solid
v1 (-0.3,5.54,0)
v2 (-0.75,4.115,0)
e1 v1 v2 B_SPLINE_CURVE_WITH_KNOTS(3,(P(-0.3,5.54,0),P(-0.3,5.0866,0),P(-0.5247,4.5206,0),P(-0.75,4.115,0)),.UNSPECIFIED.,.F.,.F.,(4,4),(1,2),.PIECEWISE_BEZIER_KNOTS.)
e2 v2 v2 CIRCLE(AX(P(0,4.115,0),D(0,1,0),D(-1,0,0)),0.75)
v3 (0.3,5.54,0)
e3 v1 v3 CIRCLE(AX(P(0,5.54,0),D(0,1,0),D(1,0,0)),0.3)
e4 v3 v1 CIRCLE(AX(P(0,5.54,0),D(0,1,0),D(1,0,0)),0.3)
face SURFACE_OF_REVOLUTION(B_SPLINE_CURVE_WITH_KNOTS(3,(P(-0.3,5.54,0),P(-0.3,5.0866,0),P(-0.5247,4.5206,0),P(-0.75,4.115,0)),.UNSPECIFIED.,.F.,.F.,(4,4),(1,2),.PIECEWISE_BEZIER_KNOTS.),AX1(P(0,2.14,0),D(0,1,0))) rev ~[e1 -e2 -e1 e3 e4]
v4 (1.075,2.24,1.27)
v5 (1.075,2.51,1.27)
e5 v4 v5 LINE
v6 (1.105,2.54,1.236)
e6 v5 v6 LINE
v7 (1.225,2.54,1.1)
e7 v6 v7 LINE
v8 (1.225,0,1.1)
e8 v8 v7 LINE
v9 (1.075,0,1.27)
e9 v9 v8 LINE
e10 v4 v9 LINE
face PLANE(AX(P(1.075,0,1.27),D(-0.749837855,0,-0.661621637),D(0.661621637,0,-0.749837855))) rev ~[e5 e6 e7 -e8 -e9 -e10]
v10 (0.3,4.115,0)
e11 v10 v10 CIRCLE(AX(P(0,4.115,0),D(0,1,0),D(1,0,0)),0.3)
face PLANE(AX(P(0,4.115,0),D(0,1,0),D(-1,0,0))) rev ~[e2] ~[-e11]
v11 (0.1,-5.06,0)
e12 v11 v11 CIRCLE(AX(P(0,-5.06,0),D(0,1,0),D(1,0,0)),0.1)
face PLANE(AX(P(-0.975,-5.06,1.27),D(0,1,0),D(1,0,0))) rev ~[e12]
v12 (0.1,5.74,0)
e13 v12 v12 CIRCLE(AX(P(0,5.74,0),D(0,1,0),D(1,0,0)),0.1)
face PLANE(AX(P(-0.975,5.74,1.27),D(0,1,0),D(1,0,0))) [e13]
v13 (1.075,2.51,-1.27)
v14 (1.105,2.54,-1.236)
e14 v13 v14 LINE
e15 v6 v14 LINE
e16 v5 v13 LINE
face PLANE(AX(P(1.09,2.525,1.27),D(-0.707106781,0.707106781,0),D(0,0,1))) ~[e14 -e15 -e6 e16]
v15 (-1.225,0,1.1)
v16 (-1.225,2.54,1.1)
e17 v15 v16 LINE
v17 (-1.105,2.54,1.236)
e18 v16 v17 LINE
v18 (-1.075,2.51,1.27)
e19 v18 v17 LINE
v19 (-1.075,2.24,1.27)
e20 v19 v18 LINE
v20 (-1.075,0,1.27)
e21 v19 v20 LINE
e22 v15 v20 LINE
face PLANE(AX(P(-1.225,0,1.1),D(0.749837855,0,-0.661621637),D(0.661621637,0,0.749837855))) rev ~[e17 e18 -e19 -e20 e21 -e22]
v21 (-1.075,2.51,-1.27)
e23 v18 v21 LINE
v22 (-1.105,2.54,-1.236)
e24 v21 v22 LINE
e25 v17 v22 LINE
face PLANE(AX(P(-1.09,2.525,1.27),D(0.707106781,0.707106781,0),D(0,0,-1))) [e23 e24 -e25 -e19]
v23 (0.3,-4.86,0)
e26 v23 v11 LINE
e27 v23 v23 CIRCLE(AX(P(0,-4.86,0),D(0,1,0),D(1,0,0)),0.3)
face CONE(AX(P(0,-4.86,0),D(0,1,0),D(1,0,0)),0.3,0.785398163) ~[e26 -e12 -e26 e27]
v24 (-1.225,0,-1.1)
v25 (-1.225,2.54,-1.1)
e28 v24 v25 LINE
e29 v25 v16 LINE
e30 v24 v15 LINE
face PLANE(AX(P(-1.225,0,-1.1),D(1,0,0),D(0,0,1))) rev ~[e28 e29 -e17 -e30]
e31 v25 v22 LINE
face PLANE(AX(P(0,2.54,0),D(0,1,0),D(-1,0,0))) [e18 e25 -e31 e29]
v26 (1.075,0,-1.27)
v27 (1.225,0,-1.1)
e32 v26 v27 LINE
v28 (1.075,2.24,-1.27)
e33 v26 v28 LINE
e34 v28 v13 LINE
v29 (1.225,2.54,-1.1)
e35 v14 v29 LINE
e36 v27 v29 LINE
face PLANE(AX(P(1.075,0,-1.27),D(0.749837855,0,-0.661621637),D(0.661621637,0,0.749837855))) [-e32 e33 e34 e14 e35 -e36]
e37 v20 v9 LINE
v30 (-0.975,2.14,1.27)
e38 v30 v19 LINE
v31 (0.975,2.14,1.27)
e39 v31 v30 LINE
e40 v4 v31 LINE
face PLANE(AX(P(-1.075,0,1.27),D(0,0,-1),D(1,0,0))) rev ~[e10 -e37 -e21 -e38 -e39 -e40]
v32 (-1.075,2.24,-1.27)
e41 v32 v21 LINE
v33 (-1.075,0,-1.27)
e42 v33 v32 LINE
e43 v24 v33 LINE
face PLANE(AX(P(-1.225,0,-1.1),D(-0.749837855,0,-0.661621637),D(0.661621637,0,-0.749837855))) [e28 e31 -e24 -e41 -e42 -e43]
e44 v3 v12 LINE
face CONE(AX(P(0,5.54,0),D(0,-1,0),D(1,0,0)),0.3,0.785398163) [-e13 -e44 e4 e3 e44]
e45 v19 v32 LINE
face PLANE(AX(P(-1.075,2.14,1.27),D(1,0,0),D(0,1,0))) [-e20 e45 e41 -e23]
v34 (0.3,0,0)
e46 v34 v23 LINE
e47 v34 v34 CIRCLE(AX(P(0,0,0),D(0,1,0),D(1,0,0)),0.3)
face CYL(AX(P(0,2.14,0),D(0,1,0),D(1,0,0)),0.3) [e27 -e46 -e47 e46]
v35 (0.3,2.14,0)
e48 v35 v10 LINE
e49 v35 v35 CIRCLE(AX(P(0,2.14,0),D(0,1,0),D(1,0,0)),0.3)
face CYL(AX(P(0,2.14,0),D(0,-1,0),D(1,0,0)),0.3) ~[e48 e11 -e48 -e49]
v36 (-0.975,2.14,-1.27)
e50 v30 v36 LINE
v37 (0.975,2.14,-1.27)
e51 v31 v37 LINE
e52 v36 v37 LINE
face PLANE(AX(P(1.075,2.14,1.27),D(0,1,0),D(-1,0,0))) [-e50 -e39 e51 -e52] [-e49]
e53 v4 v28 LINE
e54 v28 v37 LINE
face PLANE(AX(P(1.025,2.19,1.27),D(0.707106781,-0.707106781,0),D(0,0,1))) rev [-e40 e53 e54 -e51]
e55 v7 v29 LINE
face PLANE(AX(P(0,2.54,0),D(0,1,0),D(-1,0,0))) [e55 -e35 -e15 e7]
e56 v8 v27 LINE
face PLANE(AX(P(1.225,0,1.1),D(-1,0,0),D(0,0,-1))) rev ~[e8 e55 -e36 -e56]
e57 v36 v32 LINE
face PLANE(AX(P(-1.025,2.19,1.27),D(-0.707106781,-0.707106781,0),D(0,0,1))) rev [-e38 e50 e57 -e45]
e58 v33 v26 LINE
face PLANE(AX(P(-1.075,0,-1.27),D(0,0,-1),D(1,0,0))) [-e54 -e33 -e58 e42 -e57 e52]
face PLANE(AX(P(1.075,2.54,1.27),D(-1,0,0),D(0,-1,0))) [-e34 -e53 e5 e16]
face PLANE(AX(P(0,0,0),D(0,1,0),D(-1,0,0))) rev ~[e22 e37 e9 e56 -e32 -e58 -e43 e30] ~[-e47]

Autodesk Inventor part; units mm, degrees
ref_plane "YZ Plane" through (0, 0, 0) normal (1, 0, 0) x (0, 1, 0)
ref_plane "XZ Plane" through (0, 0, 0) normal (0, 1, 0) x (-1, 0, 0)
sketch "Sketch5" plane through (0, 0, 0) normal (0, 1, 0) x (-1, 0, 0)
  line L0 (-1.225, -1.1) -> (1.225, -1.1)
  line L1 (1.225, -1.1) -> (1.225, 1.1)
  line L2 (1.225, 1.1) -> (-1.225, 1.1)
  line L3 (-1.225, 1.1) -> (-1.225, -1.1)
  line L4 (-1.225, -1.1) -> (1.225, 1.1) construction
  line L5 (1.225, -1.1) -> (-1.225, 1.1) construction
  line L6 (1.225, 1.1) -> (1.075, 1.27)
  line L7 (1.075, 1.27) -> (-1.075, 1.27)
  line L8 (-1.075, 1.27) -> (-1.225, 1.1)
  line L9 (0, 1.1) -> (0, -1.1) construction
  line L10 (1.225, 0) -> (-1.225, 0) construction
  line L11 (1.225, -1.1) -> (1.075, -1.27)
  line L12 (1.075, -1.27) -> (-1.075, -1.27)
  line L13 (-1.075, -1.27) -> (-1.225, -1.1)
  point P0 (0, 0)
  dimension "d33" = 2.2
  dimension "d34" = 2.45
  dimension "d36" = 0.15
  dimension "d37" = 2.54
extrude "Extrusion4" add sketch "Sketch5" along normal blind 2.54
sketch "Sketch6" plane through (-1.075, 0, 1.27) normal (0, 0, 1) x (1, 0, 0)
  line L0 (0, 2.54) -> (2.15, 2.54) projected
  line L1 (2.15, 2.14) -> (0, 2.14)
  line L2 (0, 2.14) -> (0, 2.54)
  line L3 (0, 2.54) -> (2.15, 2.54)
  line L4 (2.15, 2.54) -> (2.15, 2.14)
  line L5 (2.15, 2.14) -> (0, 2.54) construction
  line L6 (0, 2.14) -> (2.15, 2.54) construction
  line L7 (1.075, 0) -> (1.075, 2.54) construction
  point P0 (1.075, 2.34)
  dimension "d40" = 2.15
  dimension "d41" = 0.4
extrude "Extrusion5" cut sketch "Sketch6" against normal through all
chamfer "Chamfer3" distance 0.1 angle 45 2 edges at (-1.075, 2.14, 0) (1.075, 2.14, 0)
chamfer "Chamfer4" distance 0.03 angle 45 2 edges at (1.075, 2.54, 0) (-1.075, 2.54, 0)
sketch "Sketch7" plane through (-0.975, 2.14, 1.27) normal (0, 1, 0) x (1, 0, 0)
  circle A0 centre (0.975, 1.27) radius 0.3
  dimension "d50" = 0.6
extrude "Extrusion6" add sketch "Sketch7" along normal blind 3.6 and the other way blind 7.2
chamfer "Chamfer5" distance 0.2 angle 45 2 edges at (-0.3, 5.74, 0) (-0.3, -5.06, 0)
ref_plane "Work Plane1" through (0, 2.14, 0) normal (0, 0, -1) x (0, 1, 0)
sketch "Sketch8" plane through (0, 2.14, 0) normal (0, 0, -1) x (0, 1, 0)
  line L0 (0, -0.3) -> (3.4, -0.3) projected
  line L1 (1.975, -0.75) -> (1.975, 0)
  line L2 (3.4, 0) -> (3.4, -0.3)
  line L3 (0, 0.3) -> (0, -0.3) projected
  line L4 (3.4, -0.3) -> (3.4, 0.3) projected
  line L5 (3.6, 0.1) -> (3.6, -0.1) construction
  line L6 (3.6, 0) -> (0, 0) construction
  line L7 (-9.36, 0) -> (5.76, 0) construction
  line L8 (0.4, -1.225) -> (0.4, -1.105) construction
  line L9 (3.4, -0.3) -> (3.4, 0.3) projected
  line L10 (3.4, 0) -> (1.975, 0)
  line L11 (3.4, -0.3) -> (2.9466, -0.3) construction
  line L12 (2.9466, -0.3) -> (2.3806, -0.5247) construction
  line L13 (2.3806, -0.5247) -> (1.975, -0.75) construction
  spline S0 degree 3 poles (3.4, -0.3) (2.9466, -0.3) (2.3806, -0.5247) (1.975, -0.75) knots 1 1 1 1 2 2 2 2
  point P0 (-2.14, 0)
  point P1 (1.975, -0.3)
  dimension "d59" = 1.575
  dimension "d61" = 0.75
revolve "Revolution1" add sketch "Sketch8" angle 360 about axis through (0, 2.14, 0) along (0, 1, 0) contours L0 S0 L1
properties part number "pins"
